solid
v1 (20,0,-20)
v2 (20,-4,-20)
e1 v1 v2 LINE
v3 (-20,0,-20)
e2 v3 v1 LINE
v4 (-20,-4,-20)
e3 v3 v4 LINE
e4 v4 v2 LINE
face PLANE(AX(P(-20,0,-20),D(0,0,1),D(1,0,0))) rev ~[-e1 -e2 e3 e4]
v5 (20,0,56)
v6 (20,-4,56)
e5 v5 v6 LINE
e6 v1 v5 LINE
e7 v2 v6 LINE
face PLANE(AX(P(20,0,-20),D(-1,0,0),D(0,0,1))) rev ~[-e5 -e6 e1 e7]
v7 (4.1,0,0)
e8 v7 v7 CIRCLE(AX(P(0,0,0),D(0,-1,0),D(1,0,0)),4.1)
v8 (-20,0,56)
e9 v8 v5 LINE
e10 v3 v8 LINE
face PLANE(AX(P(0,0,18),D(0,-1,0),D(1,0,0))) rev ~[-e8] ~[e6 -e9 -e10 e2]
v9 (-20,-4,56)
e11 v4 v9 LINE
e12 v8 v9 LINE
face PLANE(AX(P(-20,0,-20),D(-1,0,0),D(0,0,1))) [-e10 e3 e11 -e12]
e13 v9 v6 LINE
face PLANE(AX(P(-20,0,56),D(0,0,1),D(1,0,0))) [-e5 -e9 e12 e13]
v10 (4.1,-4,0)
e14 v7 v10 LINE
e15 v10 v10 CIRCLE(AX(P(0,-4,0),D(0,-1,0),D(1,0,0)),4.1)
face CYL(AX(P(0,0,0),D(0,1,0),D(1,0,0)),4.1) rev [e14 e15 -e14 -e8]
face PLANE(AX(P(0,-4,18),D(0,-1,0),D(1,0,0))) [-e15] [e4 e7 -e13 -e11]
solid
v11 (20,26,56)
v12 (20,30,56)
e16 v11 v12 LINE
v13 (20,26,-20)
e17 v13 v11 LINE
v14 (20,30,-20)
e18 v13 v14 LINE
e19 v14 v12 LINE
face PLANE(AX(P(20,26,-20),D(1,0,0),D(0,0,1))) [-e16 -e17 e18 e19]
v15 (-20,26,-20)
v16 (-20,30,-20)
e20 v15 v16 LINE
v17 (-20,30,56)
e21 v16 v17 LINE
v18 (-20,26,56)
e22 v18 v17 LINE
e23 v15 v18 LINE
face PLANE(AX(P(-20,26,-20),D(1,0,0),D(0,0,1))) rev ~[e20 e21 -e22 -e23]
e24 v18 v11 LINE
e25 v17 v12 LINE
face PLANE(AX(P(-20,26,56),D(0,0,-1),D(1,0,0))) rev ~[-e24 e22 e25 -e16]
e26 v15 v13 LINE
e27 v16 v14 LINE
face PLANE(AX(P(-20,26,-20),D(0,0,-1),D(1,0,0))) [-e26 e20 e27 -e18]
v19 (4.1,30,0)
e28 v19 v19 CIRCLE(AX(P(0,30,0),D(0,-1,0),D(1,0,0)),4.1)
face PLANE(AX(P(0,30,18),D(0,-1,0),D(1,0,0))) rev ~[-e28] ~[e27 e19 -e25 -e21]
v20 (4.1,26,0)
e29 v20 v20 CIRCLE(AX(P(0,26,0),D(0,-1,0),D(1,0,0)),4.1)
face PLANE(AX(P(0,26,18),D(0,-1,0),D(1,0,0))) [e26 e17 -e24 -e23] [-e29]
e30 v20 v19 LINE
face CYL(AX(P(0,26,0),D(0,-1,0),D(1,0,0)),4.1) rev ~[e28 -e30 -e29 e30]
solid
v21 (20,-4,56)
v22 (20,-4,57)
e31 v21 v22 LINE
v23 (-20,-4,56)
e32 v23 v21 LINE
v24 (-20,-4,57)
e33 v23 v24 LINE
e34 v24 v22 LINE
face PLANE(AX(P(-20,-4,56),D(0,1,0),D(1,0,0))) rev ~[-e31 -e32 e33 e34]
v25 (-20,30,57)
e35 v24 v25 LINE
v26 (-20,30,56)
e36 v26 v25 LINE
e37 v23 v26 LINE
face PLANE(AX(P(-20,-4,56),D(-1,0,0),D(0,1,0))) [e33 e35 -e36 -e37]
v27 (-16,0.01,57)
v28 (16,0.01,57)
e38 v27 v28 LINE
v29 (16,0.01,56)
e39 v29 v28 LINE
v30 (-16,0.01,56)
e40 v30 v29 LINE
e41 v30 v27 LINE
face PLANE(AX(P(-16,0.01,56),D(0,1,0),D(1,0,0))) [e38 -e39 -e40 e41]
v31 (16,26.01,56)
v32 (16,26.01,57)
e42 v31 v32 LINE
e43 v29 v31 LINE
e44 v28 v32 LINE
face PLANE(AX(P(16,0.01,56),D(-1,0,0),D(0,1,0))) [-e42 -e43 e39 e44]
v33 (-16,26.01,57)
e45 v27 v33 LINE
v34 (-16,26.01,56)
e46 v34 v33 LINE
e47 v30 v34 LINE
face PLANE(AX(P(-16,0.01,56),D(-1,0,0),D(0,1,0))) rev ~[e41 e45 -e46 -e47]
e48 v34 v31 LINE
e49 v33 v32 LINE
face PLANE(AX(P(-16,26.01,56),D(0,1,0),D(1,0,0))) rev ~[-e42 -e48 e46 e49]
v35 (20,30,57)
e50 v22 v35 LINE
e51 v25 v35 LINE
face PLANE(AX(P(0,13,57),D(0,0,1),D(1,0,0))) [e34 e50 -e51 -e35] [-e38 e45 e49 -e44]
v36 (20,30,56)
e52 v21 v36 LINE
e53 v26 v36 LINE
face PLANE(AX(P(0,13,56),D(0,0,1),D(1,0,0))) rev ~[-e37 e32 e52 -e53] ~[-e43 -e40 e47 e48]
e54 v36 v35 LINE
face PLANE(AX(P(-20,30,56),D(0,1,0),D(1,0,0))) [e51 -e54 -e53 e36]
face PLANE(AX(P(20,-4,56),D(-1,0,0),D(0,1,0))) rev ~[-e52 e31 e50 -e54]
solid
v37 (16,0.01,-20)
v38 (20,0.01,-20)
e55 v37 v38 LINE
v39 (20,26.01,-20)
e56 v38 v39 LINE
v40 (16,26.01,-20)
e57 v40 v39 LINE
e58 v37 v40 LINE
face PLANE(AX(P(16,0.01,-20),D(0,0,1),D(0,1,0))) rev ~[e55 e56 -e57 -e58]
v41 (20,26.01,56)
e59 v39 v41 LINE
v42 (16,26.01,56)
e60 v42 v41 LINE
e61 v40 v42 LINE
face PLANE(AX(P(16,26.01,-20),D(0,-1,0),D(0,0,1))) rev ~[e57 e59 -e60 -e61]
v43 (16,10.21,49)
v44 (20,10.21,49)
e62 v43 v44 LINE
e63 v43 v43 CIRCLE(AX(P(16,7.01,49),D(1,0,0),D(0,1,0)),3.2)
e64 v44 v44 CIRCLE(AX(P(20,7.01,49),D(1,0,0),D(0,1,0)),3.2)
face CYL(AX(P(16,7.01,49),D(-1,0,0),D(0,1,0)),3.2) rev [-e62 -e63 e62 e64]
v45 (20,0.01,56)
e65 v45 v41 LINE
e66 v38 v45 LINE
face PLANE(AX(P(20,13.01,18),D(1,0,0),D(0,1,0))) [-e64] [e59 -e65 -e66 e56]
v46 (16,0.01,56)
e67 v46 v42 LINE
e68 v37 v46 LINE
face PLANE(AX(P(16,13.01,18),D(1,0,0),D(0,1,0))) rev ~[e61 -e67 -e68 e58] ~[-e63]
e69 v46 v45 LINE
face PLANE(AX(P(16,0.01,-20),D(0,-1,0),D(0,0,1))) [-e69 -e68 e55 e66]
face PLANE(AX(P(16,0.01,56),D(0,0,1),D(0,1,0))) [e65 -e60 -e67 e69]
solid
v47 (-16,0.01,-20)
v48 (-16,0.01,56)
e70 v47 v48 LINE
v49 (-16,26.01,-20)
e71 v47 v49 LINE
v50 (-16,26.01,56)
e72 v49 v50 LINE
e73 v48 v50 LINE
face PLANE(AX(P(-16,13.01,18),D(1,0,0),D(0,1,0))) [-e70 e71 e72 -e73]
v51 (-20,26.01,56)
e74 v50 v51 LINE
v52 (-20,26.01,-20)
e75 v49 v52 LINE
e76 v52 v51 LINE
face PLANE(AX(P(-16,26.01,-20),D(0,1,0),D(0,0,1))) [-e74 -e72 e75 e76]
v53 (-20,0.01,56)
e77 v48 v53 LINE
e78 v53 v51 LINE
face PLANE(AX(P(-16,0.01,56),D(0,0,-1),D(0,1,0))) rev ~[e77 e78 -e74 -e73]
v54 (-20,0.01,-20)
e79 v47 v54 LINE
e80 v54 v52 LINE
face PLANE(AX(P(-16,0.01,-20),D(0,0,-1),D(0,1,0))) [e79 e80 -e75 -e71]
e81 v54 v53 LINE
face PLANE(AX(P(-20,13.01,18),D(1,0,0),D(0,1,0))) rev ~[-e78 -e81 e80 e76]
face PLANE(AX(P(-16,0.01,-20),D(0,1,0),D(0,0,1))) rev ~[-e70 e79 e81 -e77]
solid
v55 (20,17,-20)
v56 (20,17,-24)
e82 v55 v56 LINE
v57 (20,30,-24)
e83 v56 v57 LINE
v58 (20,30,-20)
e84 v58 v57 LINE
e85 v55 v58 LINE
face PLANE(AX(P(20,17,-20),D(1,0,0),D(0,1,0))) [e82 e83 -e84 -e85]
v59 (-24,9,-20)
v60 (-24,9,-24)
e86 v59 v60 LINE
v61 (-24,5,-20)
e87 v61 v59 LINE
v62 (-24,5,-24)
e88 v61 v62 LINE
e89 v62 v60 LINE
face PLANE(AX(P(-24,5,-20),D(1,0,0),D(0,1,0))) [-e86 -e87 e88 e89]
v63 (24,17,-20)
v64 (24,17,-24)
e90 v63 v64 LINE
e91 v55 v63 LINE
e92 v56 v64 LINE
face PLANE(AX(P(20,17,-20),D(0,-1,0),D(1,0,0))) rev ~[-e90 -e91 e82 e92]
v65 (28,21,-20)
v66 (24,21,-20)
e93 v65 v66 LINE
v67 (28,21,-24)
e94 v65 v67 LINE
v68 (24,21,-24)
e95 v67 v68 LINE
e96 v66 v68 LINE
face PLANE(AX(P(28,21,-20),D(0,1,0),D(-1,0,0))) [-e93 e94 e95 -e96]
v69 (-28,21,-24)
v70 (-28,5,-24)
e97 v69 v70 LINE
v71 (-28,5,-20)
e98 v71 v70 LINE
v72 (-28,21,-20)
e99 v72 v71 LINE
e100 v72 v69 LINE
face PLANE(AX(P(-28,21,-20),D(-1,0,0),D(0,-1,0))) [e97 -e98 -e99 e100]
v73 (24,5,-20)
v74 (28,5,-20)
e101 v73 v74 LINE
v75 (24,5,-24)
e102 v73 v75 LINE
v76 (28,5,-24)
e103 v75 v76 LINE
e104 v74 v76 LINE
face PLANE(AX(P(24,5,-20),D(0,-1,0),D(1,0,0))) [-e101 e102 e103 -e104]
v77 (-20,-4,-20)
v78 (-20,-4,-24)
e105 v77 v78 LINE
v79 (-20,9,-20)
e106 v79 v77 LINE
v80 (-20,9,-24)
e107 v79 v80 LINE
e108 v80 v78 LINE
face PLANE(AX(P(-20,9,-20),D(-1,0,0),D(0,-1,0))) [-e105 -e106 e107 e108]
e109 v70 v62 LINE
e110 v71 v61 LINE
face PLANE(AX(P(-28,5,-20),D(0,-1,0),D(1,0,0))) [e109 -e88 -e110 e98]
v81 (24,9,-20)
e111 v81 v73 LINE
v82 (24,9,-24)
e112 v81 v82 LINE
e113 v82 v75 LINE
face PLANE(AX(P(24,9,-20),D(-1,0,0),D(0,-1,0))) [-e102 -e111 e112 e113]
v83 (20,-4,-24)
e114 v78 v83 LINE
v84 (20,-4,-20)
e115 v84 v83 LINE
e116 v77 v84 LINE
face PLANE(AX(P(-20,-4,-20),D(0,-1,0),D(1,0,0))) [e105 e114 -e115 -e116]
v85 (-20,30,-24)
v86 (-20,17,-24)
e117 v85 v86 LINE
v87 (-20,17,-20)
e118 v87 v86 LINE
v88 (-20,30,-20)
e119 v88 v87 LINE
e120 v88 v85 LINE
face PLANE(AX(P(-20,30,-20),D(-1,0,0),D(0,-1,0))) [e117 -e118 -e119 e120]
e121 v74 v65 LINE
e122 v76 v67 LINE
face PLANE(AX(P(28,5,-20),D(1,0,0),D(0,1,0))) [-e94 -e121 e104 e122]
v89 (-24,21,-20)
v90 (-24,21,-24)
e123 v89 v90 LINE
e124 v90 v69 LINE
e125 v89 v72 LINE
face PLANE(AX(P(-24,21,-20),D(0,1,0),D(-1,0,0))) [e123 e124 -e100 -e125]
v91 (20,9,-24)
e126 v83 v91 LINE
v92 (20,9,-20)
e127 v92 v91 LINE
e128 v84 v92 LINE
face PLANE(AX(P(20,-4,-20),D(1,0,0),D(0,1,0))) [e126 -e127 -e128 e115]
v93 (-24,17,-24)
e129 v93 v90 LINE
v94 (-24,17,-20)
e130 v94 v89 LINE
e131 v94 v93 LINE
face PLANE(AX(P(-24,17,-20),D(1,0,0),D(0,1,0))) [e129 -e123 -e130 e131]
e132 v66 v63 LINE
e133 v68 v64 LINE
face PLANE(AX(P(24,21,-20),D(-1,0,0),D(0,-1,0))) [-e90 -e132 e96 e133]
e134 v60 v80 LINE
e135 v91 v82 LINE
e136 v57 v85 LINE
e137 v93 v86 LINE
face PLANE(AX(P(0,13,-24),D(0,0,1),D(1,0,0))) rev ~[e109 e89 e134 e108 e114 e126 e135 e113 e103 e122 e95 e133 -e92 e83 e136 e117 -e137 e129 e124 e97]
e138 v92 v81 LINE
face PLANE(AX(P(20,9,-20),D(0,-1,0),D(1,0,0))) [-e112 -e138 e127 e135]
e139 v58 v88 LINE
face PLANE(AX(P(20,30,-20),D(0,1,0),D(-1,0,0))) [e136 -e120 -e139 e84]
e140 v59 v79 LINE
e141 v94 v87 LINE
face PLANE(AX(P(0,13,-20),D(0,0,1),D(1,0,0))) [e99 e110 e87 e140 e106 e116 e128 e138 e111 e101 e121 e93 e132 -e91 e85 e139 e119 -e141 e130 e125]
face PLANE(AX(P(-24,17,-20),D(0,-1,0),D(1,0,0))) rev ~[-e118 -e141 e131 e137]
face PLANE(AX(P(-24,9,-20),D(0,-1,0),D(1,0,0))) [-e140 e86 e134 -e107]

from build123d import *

# Parameters (mm, degrees)
F0_W     = 40
F0_H     = 76
F0_R     = 4.1
F1_DEPTH = 4
F3_START = 16
F2_W     = 26
F2_H     = 76
F2_R     = 3.2
F3_DEPTH = 4
F4_START = -16
F4_DEPTH = 4
F5_START = -26
F5_DEPTH = 4
F7_START = -20
F6_W     = 4
F6_H     = 8
F7_DEPTH = 4
F9_START = 56
F8_W     = 40
F8_H     = 34
F8_W_2   = 32
F8_H_2   = 26
F9_DEPTH = 1


with BuildPart() as f1:
    # F0 (on Front) → F1 (new body)
    with BuildSketch(Plane.XZ):
        with Locations((0, 18)):
            Rectangle(F0_W, F0_H)
        Circle(F0_R, mode=Mode.SUBTRACT)
    extrude(amount=F1_DEPTH)


with BuildPart() as f3:
    # F2 (on Right) → F3 (new body)
    with BuildSketch(Plane.YZ.offset(F3_START)):
        with Locations((13.01, 18)):
            Rectangle(F2_W, F2_H)
        with Locations((7.01, 49)):
            Circle(F2_R, mode=Mode.SUBTRACT)
    extrude(amount=F3_DEPTH)


with BuildPart() as f4:
    # F2 (on Right) → F4 (new body)
    with BuildSketch(Plane.YZ.offset(F4_START)):
        with Locations((13.01, 18)):
            Rectangle(F2_W, F2_H)
        with Locations((7.01, 49)):
            Circle(F2_R, mode=Mode.SUBTRACT)
        with Locations((7.01, 49)):
            Circle(F2_R)
    extrude(amount=-F4_DEPTH)


with BuildPart() as f5:
    # F0 (on Front) → F5 (new body)
    with BuildSketch(Plane.XZ.offset(F5_START)):
        with Locations((0, 18)):
            Rectangle(F0_W, F0_H)
        Circle(F0_R, mode=Mode.SUBTRACT)
    extrude(amount=-F5_DEPTH)


with BuildPart() as f7:
    # F6 (on Top) → F7 (new body)
    with BuildSketch(Plane.XY.offset(F7_START)):
        Polygon((-20, 9), (-20, -4), (20, -4), (20, 9), (20, 17), (20, 30), (-20, 30), (-20, 17), align=None)
        with Locations((-22, 13)):
            Rectangle(F6_W, F6_H)
        with Locations((22, 13)):
            Rectangle(F6_W, F6_H)
        Polygon((-24, 5), (-24, 9), (-24, 17), (-24, 21), (-28, 21), (-28, 5), align=None)
        Polygon((24, 17), (24, 9), (24, 5), (28, 5), (28, 21), (24, 21), align=None)
    extrude(amount=-F7_DEPTH)


with BuildPart() as f9:
    # F8 (on Top) → F9 (new body)
    with BuildSketch(Plane.XY.offset(F9_START)):
        with Locations((0, 13)):
            Rectangle(F8_W, F8_H)
        with Locations((0, 13.01)):
            Rectangle(F8_W_2, F8_H_2, mode=Mode.SUBTRACT)
    extrude(amount=F9_DEPTH)


solid = Compound([f1.part, f3.part, f4.part, f5.part, f7.part, f9.part])
